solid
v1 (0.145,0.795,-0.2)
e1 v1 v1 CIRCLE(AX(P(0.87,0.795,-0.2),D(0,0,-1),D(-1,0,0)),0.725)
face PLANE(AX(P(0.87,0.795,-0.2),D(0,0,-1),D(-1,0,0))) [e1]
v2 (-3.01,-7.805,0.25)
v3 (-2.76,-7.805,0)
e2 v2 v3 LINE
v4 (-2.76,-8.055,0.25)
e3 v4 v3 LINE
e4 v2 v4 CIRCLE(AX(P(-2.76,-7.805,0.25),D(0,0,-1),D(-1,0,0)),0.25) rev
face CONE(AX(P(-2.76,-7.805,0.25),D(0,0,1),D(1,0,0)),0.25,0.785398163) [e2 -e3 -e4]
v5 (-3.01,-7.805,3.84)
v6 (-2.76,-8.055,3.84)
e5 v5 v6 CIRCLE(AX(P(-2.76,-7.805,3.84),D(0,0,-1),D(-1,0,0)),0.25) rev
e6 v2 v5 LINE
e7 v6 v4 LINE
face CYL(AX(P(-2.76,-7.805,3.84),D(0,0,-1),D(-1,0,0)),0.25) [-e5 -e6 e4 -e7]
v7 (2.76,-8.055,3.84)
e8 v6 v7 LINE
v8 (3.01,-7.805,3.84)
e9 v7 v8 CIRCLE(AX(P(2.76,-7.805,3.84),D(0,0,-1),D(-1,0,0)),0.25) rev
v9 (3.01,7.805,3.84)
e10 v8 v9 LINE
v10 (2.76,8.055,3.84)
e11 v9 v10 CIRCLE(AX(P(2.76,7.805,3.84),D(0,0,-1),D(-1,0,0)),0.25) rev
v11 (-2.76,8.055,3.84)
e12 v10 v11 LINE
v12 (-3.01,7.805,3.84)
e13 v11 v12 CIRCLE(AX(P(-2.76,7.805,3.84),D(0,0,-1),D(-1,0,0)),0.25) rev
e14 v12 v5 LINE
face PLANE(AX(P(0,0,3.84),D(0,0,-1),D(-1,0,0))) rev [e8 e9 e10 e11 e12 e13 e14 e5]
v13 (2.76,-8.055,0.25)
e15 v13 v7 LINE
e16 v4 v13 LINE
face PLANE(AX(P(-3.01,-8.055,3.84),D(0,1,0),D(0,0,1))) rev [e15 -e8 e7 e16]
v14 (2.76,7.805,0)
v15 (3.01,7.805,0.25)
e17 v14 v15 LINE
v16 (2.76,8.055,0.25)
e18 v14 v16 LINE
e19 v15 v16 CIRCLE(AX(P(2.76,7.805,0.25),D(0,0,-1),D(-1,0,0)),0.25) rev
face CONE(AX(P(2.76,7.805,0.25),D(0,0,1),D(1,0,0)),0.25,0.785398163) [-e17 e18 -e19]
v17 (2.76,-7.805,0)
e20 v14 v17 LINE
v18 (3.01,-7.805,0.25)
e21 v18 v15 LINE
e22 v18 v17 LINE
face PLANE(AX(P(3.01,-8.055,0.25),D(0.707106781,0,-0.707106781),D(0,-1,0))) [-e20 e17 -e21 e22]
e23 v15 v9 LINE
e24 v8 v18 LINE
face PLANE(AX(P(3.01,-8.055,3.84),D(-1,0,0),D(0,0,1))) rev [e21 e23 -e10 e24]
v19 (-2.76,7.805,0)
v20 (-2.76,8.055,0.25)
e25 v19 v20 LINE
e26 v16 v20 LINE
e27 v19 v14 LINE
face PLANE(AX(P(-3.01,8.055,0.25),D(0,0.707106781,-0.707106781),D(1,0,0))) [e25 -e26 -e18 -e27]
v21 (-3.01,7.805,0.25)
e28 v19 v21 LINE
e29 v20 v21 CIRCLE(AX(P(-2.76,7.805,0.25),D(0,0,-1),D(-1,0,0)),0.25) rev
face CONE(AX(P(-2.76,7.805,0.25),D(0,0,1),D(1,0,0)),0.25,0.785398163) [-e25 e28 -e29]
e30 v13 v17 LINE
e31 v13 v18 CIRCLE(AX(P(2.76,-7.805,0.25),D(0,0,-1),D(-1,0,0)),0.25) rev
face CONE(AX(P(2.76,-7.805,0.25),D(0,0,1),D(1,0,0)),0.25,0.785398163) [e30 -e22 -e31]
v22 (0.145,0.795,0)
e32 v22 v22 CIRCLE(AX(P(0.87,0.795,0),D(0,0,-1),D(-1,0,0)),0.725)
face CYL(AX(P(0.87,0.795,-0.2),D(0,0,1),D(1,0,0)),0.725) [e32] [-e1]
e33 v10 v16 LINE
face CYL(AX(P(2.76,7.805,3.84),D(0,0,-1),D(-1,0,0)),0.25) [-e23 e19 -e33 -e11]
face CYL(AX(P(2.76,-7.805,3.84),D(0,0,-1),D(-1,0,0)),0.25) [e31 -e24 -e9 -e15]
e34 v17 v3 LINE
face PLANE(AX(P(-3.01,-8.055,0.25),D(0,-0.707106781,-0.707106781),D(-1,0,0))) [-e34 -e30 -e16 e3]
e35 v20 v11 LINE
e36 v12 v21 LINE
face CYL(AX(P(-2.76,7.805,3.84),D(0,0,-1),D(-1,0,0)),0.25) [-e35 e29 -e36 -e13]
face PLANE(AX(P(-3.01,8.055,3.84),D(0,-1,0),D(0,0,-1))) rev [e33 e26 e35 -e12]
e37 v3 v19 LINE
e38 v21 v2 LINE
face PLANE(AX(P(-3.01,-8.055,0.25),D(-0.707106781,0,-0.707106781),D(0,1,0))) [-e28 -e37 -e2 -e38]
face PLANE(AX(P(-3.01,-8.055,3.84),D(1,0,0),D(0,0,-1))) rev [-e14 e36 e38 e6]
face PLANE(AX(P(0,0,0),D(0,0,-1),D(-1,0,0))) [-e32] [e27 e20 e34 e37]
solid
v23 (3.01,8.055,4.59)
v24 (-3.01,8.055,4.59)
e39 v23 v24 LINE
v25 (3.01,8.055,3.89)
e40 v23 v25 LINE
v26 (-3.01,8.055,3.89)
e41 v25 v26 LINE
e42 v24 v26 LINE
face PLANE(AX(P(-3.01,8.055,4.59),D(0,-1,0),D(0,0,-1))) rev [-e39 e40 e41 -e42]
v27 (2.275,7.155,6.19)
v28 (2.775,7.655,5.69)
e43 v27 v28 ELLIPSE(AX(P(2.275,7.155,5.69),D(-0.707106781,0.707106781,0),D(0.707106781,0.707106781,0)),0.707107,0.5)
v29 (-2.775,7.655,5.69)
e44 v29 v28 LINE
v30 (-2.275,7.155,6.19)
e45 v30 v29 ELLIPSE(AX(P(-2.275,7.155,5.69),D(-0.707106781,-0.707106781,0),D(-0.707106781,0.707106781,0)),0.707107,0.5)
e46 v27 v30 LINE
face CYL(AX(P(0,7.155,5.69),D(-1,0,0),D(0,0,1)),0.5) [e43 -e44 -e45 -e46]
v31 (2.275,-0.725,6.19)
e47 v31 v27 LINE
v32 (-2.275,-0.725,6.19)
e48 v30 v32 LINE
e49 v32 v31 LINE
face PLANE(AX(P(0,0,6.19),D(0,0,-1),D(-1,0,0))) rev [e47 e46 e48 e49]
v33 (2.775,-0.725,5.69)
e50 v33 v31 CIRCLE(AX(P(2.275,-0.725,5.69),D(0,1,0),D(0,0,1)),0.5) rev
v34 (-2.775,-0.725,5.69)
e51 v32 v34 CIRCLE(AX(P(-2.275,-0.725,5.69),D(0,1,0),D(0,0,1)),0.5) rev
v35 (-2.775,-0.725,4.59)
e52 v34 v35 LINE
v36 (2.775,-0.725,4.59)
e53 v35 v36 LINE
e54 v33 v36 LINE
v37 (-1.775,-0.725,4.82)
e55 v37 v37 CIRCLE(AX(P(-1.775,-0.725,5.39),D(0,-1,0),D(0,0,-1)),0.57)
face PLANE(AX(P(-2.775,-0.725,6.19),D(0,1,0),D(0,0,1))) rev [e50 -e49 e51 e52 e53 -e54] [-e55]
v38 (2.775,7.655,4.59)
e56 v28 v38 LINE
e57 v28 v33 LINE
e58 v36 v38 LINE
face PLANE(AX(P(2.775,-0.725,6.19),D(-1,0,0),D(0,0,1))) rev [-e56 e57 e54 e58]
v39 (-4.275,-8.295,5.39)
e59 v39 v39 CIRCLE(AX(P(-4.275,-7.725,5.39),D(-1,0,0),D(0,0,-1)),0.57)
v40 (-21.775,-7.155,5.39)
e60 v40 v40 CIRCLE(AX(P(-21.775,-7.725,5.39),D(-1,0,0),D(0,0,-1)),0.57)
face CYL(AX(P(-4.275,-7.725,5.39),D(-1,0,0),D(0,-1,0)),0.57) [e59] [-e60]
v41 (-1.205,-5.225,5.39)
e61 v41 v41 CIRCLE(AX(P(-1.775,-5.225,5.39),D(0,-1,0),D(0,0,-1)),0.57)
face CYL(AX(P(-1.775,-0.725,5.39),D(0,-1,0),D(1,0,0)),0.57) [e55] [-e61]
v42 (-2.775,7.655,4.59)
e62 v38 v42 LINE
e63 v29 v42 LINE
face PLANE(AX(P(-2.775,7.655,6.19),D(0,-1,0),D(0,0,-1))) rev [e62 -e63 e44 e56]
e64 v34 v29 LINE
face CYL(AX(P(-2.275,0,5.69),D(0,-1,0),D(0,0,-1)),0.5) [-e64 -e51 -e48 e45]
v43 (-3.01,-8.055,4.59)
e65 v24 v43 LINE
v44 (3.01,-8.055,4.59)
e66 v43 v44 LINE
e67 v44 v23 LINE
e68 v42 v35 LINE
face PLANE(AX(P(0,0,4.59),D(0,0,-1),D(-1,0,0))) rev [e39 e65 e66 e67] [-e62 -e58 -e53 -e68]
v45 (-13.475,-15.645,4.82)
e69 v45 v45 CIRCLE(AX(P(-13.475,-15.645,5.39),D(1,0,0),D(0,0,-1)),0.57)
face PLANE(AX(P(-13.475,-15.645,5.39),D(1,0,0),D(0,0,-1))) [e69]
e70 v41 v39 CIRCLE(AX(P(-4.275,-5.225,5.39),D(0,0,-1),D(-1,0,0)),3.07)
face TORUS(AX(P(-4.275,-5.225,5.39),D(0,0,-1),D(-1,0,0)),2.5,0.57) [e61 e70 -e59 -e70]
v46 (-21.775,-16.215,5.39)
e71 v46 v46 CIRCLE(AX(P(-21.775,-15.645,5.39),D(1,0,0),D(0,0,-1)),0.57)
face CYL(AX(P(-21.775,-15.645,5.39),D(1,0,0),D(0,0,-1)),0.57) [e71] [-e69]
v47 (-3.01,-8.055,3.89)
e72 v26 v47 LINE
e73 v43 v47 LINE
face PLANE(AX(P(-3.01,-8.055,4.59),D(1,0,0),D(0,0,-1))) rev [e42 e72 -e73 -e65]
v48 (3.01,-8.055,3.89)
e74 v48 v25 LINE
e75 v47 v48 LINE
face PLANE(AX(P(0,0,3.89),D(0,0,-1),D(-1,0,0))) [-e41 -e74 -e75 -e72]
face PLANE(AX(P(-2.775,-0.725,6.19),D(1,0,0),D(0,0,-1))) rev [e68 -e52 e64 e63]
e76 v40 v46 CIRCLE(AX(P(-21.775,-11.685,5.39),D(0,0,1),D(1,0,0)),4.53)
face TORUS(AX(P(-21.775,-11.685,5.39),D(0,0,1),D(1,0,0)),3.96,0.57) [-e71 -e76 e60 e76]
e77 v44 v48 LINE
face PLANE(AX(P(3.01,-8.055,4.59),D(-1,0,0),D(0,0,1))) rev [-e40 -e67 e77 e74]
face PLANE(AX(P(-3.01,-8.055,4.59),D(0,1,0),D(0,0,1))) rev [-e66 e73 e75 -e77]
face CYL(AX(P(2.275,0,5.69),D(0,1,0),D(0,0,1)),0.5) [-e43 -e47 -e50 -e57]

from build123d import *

# Parameters (mm, degrees)
SKETCH_1_W      = 6.02
SKETCH_1_H      = 16.11
EXTRUDE_1_DEPTH = 3.84
SKETCH_2_R      = 0.725
EXTRUDE_2_DEPTH = 0.2
SKETCH_3_W      = 6.02
SKETCH_3_H      = 16.11
EXTRUDE_3_DEPTH = 0.7
SKETCH_4_W      = 5.55
SKETCH_4_H      = 8.38
EXTRUDE_4_DEPTH = 1.6
FILLET_1_R      = 0.5
FILLET_2_R      = 0.25
CHAMFER_1_SIZE  = 0.25
SKETCH_5_R      = 0.57


with BuildPart() as part:
    # Эскиз1 → Бобышка-Вытянуть1 (new body)
    with BuildSketch(Plane.XY):
        Rectangle(SKETCH_1_W, SKETCH_1_H)
    extrude(amount=EXTRUDE_1_DEPTH)

    # Эскиз2 → Бобышка-Вытянуть2 (add)
    with BuildSketch(Plane(origin=(0, 0, 0), x_dir=(-1, 0, 0), z_dir=(0, 0, -1))):
        with Locations((-0.87, 0.795)):
            Circle(SKETCH_2_R)
    extrude(amount=EXTRUDE_2_DEPTH)

    # Скругление2
    fillet_2_edges = [part.edges().sort_by_distance(p)[0] for p in [
        (3.01, -8.055, 1.92),
        (-3.01, -8.055, 1.92),
        (-3.01, 8.055, 1.92),
        (3.01, 8.055, 1.92),
    ]]
    fillet(fillet_2_edges, radius=FILLET_2_R)

    # Фаска1
    chamfer_1_edges = [part.edges().sort_by_distance(p)[0] for p in [
        (0, -8.055, 0),
        (3.01, 0, 0),
        (-3.01, 0, 0),
        (0, 8.055, 0),
        (-2.936776695, 7.981776695, 0),
        (2.936776695, 7.981776695, 0),
        (2.936776695, -7.981776695, 0),
        (-2.936776695, -7.981776695, 0),
    ]]
    chamfer(chamfer_1_edges, length=CHAMFER_1_SIZE)


with BuildPart() as body_2:
    # Эскиз3 → Бобышка-Вытянуть3 (new body)
    with BuildSketch(Plane.XY.offset(3.89)):
        Rectangle(SKETCH_3_W, SKETCH_3_H)
    extrude(amount=EXTRUDE_3_DEPTH)

    # Эскиз4 → Бобышка-Вытянуть4 (add)
    with BuildSketch(Plane.XY.offset(4.59)):
        with Locations((0, 3.465)):
            Rectangle(SKETCH_4_W, SKETCH_4_H)
    extrude(amount=EXTRUDE_4_DEPTH)

    # Скругление1
    fillet_1_edges = [body_2.edges().sort_by_distance(p)[0] for p in [
        (2.775, 3.465, 6.19),
        (0, 7.655, 6.19),
        (-2.775, 3.465, 6.19),
    ]]
    fillet(fillet_1_edges, radius=FILLET_1_R)

    # По траектории1: sweep along a path in Эскиз6
    with BuildLine(Plane.XY.offset(5.39)) as sweep_1_path:
        Line((-1.775, -0.725), (-1.775, -5.225))
        ThreePointArc((-1.775, -5.225), (-2.507233047, -6.992766953), (-4.275, -7.725))
        Line((-4.275, -7.725), (-21.775, -7.725))
        ThreePointArc((-21.775, -7.725), (-25.735, -11.685), (-21.775, -15.645))
        Line((-21.775, -15.645), (-13.475, -15.645))
    # Эскиз5 → По траектории1 (sweep)
    with BuildSketch(Plane.XZ.offset(0.725)):
        with Locations((-1.775, 5.39)):
            Circle(SKETCH_5_R)
    sweep(path=sweep_1_path.line)


solid = Compound([part.part, body_2.part])
